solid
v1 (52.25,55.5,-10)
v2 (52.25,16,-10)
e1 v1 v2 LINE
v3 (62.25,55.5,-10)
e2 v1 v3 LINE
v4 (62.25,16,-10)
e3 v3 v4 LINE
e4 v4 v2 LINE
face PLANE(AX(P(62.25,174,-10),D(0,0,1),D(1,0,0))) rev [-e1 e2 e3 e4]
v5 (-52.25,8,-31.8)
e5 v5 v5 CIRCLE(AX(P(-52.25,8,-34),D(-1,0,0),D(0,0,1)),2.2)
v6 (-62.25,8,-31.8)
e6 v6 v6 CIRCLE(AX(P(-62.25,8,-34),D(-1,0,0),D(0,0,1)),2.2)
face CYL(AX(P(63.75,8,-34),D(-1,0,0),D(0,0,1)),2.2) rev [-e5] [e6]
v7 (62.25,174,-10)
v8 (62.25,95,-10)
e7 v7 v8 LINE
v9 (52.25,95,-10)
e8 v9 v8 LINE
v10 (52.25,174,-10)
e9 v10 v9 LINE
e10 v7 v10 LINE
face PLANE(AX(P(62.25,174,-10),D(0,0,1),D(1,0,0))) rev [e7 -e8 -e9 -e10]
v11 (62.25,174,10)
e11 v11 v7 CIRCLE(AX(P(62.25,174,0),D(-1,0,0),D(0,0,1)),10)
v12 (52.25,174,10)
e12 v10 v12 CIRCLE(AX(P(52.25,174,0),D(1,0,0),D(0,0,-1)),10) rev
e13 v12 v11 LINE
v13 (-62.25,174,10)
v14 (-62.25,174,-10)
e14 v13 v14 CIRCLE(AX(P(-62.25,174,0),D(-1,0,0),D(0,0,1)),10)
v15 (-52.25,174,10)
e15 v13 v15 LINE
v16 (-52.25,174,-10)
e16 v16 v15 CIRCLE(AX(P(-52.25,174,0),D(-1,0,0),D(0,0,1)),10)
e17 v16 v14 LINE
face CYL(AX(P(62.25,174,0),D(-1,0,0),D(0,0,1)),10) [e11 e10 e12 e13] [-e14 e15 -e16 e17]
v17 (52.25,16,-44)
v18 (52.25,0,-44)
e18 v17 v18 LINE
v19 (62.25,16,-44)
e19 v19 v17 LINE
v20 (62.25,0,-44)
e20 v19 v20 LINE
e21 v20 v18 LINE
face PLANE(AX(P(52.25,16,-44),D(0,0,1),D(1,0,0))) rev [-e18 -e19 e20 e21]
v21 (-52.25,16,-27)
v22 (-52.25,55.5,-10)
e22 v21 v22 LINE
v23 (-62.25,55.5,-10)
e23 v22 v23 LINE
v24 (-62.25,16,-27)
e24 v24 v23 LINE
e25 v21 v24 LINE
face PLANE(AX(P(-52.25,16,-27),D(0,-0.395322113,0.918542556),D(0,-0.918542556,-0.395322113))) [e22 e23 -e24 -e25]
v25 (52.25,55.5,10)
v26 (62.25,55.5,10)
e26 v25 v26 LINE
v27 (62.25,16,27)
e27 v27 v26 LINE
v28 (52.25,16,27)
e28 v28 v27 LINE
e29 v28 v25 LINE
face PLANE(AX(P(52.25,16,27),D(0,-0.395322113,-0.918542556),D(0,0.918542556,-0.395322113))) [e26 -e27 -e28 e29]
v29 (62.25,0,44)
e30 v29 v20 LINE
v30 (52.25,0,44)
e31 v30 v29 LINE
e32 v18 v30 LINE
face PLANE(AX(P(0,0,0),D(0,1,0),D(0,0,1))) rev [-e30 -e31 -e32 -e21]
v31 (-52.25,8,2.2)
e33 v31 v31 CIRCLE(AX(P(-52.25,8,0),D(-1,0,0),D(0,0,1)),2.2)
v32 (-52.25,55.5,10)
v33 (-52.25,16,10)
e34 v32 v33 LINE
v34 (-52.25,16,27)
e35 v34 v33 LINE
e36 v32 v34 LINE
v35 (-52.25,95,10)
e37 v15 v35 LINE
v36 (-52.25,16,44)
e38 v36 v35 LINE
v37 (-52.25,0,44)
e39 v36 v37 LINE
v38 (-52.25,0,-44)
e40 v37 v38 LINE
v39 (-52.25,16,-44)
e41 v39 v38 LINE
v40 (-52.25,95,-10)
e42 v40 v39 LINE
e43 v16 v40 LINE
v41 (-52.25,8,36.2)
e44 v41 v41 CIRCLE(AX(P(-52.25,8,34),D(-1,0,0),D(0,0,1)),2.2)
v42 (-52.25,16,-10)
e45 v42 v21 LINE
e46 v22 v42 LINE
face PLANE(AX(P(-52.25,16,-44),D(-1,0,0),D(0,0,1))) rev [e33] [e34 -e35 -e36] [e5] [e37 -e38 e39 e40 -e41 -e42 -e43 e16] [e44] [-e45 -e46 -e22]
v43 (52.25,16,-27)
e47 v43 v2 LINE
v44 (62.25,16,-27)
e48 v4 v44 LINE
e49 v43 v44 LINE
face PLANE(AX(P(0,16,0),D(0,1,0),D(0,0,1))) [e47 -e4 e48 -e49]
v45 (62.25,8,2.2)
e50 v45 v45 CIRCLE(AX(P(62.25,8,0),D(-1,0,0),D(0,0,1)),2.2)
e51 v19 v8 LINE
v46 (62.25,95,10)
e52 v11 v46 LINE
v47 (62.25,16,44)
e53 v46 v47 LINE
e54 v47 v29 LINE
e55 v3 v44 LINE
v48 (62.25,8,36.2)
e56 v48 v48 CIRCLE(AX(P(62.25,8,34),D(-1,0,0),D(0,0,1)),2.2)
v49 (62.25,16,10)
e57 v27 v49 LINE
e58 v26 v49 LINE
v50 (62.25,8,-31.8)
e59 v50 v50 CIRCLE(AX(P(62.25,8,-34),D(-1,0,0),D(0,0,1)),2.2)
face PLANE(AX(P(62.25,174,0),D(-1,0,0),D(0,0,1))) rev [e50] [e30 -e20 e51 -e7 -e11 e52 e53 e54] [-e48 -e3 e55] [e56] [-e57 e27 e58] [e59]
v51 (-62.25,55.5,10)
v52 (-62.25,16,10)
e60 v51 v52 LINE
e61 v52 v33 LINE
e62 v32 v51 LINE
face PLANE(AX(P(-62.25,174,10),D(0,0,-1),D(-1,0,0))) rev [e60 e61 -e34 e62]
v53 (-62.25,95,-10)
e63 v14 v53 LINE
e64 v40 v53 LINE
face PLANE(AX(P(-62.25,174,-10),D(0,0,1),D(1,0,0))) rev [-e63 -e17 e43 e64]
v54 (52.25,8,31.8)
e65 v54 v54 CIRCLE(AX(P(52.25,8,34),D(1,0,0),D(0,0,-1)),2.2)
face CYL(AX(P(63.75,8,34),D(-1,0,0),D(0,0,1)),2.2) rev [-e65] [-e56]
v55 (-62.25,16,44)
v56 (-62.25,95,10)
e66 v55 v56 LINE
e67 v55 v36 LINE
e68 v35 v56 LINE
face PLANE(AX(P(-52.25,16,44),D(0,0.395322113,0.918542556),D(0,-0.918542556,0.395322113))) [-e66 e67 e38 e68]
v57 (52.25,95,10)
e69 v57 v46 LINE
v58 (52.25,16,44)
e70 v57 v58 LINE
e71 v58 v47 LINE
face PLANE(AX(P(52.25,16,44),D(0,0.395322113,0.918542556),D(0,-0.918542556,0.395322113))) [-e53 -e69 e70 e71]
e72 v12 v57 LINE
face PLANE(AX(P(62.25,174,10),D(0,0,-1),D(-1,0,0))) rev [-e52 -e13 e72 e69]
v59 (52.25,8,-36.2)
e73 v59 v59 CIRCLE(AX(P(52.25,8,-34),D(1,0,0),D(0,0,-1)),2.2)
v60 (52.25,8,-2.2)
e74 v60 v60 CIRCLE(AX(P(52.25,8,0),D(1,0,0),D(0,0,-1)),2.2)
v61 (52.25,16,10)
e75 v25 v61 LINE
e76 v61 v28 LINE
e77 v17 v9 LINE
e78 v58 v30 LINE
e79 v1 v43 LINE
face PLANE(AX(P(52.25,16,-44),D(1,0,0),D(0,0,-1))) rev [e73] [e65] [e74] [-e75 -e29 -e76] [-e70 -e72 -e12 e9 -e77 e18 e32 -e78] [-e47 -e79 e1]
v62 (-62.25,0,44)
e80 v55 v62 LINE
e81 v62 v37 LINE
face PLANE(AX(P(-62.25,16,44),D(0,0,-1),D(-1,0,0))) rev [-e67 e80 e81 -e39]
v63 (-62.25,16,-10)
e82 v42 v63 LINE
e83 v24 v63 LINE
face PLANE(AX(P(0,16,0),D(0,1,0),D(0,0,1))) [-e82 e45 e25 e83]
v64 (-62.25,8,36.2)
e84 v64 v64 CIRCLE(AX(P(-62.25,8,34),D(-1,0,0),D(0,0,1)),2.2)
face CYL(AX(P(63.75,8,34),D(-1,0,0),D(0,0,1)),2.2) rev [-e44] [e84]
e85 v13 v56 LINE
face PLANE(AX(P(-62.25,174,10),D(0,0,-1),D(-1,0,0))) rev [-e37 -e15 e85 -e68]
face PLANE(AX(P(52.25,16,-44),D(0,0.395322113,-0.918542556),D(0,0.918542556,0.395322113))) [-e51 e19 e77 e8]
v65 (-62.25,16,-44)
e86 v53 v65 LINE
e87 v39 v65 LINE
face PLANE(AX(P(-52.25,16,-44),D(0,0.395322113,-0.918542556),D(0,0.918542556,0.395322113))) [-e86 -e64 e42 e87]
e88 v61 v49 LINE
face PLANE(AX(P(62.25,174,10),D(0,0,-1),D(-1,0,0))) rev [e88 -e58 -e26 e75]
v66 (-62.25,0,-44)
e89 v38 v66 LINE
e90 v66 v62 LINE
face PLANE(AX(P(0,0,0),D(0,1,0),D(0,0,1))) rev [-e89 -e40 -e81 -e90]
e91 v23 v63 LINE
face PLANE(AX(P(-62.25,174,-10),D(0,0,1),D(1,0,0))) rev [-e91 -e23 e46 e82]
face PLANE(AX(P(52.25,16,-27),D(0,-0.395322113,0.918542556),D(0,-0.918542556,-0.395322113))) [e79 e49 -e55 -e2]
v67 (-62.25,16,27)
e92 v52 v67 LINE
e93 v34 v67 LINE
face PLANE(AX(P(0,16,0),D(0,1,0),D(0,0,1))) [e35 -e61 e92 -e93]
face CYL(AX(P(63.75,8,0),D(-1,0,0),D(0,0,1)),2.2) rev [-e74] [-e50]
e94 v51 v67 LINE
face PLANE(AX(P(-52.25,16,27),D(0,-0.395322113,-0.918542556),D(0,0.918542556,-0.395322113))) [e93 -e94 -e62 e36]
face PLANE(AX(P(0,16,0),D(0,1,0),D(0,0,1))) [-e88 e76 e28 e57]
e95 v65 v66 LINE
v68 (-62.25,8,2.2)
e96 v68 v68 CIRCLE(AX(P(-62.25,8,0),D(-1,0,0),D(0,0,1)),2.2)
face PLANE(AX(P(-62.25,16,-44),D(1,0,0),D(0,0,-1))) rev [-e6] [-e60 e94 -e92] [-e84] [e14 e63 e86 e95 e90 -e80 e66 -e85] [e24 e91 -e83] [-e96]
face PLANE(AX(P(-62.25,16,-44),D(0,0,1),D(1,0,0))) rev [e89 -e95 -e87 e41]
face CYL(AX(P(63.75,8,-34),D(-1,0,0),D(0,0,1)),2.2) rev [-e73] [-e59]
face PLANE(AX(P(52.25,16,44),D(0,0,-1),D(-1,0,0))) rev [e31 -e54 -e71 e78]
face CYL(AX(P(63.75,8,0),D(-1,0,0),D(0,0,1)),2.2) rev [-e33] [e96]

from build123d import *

# Parameters (mm, degrees)
SKETCH_2_W          = 10
SKETCH_2_H          = 88
EXTRUDE_1_DEPTH     = 16
EXTRUDE_1_2_DEPTH   = 16
SKETCH_3_W          = 10
SKETCH_3_H          = 20
EXTRUDE_2_DEPTH     = 158
SKETCH_4_R          = 10
EXTRUDE_3_DEPTH     = 124.5
SKETCH_5_R          = 2.2
CUT_EXTRUDE_1_DEPTH = 126
EXTRUDE_4_DEPTH     = 10
EXTRUDE_5_DEPTH     = 10


with BuildPart() as part:
    # 草图2 → 凸台-拉伸1 (new body)
    with BuildSketch(Plane(origin=(0, 0, 0), x_dir=(1, 0, 0), z_dir=(0, 1, 0))):
        with Locations((-57.25, 0)):
            Rectangle(SKETCH_2_W, SKETCH_2_H)
    extrude(amount=EXTRUDE_1_DEPTH)



with BuildPart() as body_2:
    # 草图2 → Extrude 1 2 (new body)
    with BuildSketch(Plane(origin=(0, 0, 0), x_dir=(1, 0, 0), z_dir=(0, 1, 0))):
        with Locations((57.25, 0)):
            Rectangle(SKETCH_2_W, SKETCH_2_H)
    extrude(amount=EXTRUDE_1_2_DEPTH)


with BuildPart() as part_1:
    add(part.part)

    add(body_2.part)  # 凸台-拉伸2 merges body 2
    # 草图3 → 凸台-拉伸2 (add)
    with BuildSketch(Plane(origin=(0, 16, 0), x_dir=(1, 0, 0), z_dir=(0, 1, 0))):
        with Locations((-57.25, 0)):
            Rectangle(SKETCH_3_W, SKETCH_3_H)
        with Locations((57.25, 0)):
            Rectangle(SKETCH_3_W, SKETCH_3_H)
    extrude(amount=EXTRUDE_2_DEPTH)

    # 草图4 → 凸台-拉伸3 (add)
    with BuildSketch(Plane.ZY.offset(62.25)):
        with Locations((0, 174)):
            Circle(SKETCH_4_R)
    extrude(amount=-EXTRUDE_3_DEPTH)

    # 草图5 → 切除-拉伸1 (cut)
    with BuildSketch(Plane.ZY.offset(62.25)):
        with Locations((0, 8)):
            Circle(SKETCH_5_R)
        with Locations((-34, 8)):
            Circle(SKETCH_5_R)
        with Locations((34, 8)):
            Circle(SKETCH_5_R)
    extrude(amount=-CUT_EXTRUDE_1_DEPTH, mode=Mode.SUBTRACT)

    # 草图6 → 凸台-拉伸4 (add)
    with BuildSketch(Plane.ZY.offset(62.25)):
        Polygon((-44, 16), (-10, 95), (-10, 55.5), (-27, 16), align=None)
        Polygon((44, 16), (10, 95), (10, 55.5), (27, 16), align=None)
    extrude(amount=-EXTRUDE_4_DEPTH)

    # 草图7 → 凸台-拉伸5 (add)
    with BuildSketch(Plane(origin=(62.25, 0, 0), x_dir=(0, 0, -1), z_dir=(1, 0, 0))):
        Polygon((-44, 16), (-10, 95), (-10, 55.5), (-27, 16), align=None)
        Polygon((44, 16), (10, 95), (10, 55.5), (27, 16), align=None)
    extrude(amount=-EXTRUDE_5_DEPTH)


solid = part_1.part
